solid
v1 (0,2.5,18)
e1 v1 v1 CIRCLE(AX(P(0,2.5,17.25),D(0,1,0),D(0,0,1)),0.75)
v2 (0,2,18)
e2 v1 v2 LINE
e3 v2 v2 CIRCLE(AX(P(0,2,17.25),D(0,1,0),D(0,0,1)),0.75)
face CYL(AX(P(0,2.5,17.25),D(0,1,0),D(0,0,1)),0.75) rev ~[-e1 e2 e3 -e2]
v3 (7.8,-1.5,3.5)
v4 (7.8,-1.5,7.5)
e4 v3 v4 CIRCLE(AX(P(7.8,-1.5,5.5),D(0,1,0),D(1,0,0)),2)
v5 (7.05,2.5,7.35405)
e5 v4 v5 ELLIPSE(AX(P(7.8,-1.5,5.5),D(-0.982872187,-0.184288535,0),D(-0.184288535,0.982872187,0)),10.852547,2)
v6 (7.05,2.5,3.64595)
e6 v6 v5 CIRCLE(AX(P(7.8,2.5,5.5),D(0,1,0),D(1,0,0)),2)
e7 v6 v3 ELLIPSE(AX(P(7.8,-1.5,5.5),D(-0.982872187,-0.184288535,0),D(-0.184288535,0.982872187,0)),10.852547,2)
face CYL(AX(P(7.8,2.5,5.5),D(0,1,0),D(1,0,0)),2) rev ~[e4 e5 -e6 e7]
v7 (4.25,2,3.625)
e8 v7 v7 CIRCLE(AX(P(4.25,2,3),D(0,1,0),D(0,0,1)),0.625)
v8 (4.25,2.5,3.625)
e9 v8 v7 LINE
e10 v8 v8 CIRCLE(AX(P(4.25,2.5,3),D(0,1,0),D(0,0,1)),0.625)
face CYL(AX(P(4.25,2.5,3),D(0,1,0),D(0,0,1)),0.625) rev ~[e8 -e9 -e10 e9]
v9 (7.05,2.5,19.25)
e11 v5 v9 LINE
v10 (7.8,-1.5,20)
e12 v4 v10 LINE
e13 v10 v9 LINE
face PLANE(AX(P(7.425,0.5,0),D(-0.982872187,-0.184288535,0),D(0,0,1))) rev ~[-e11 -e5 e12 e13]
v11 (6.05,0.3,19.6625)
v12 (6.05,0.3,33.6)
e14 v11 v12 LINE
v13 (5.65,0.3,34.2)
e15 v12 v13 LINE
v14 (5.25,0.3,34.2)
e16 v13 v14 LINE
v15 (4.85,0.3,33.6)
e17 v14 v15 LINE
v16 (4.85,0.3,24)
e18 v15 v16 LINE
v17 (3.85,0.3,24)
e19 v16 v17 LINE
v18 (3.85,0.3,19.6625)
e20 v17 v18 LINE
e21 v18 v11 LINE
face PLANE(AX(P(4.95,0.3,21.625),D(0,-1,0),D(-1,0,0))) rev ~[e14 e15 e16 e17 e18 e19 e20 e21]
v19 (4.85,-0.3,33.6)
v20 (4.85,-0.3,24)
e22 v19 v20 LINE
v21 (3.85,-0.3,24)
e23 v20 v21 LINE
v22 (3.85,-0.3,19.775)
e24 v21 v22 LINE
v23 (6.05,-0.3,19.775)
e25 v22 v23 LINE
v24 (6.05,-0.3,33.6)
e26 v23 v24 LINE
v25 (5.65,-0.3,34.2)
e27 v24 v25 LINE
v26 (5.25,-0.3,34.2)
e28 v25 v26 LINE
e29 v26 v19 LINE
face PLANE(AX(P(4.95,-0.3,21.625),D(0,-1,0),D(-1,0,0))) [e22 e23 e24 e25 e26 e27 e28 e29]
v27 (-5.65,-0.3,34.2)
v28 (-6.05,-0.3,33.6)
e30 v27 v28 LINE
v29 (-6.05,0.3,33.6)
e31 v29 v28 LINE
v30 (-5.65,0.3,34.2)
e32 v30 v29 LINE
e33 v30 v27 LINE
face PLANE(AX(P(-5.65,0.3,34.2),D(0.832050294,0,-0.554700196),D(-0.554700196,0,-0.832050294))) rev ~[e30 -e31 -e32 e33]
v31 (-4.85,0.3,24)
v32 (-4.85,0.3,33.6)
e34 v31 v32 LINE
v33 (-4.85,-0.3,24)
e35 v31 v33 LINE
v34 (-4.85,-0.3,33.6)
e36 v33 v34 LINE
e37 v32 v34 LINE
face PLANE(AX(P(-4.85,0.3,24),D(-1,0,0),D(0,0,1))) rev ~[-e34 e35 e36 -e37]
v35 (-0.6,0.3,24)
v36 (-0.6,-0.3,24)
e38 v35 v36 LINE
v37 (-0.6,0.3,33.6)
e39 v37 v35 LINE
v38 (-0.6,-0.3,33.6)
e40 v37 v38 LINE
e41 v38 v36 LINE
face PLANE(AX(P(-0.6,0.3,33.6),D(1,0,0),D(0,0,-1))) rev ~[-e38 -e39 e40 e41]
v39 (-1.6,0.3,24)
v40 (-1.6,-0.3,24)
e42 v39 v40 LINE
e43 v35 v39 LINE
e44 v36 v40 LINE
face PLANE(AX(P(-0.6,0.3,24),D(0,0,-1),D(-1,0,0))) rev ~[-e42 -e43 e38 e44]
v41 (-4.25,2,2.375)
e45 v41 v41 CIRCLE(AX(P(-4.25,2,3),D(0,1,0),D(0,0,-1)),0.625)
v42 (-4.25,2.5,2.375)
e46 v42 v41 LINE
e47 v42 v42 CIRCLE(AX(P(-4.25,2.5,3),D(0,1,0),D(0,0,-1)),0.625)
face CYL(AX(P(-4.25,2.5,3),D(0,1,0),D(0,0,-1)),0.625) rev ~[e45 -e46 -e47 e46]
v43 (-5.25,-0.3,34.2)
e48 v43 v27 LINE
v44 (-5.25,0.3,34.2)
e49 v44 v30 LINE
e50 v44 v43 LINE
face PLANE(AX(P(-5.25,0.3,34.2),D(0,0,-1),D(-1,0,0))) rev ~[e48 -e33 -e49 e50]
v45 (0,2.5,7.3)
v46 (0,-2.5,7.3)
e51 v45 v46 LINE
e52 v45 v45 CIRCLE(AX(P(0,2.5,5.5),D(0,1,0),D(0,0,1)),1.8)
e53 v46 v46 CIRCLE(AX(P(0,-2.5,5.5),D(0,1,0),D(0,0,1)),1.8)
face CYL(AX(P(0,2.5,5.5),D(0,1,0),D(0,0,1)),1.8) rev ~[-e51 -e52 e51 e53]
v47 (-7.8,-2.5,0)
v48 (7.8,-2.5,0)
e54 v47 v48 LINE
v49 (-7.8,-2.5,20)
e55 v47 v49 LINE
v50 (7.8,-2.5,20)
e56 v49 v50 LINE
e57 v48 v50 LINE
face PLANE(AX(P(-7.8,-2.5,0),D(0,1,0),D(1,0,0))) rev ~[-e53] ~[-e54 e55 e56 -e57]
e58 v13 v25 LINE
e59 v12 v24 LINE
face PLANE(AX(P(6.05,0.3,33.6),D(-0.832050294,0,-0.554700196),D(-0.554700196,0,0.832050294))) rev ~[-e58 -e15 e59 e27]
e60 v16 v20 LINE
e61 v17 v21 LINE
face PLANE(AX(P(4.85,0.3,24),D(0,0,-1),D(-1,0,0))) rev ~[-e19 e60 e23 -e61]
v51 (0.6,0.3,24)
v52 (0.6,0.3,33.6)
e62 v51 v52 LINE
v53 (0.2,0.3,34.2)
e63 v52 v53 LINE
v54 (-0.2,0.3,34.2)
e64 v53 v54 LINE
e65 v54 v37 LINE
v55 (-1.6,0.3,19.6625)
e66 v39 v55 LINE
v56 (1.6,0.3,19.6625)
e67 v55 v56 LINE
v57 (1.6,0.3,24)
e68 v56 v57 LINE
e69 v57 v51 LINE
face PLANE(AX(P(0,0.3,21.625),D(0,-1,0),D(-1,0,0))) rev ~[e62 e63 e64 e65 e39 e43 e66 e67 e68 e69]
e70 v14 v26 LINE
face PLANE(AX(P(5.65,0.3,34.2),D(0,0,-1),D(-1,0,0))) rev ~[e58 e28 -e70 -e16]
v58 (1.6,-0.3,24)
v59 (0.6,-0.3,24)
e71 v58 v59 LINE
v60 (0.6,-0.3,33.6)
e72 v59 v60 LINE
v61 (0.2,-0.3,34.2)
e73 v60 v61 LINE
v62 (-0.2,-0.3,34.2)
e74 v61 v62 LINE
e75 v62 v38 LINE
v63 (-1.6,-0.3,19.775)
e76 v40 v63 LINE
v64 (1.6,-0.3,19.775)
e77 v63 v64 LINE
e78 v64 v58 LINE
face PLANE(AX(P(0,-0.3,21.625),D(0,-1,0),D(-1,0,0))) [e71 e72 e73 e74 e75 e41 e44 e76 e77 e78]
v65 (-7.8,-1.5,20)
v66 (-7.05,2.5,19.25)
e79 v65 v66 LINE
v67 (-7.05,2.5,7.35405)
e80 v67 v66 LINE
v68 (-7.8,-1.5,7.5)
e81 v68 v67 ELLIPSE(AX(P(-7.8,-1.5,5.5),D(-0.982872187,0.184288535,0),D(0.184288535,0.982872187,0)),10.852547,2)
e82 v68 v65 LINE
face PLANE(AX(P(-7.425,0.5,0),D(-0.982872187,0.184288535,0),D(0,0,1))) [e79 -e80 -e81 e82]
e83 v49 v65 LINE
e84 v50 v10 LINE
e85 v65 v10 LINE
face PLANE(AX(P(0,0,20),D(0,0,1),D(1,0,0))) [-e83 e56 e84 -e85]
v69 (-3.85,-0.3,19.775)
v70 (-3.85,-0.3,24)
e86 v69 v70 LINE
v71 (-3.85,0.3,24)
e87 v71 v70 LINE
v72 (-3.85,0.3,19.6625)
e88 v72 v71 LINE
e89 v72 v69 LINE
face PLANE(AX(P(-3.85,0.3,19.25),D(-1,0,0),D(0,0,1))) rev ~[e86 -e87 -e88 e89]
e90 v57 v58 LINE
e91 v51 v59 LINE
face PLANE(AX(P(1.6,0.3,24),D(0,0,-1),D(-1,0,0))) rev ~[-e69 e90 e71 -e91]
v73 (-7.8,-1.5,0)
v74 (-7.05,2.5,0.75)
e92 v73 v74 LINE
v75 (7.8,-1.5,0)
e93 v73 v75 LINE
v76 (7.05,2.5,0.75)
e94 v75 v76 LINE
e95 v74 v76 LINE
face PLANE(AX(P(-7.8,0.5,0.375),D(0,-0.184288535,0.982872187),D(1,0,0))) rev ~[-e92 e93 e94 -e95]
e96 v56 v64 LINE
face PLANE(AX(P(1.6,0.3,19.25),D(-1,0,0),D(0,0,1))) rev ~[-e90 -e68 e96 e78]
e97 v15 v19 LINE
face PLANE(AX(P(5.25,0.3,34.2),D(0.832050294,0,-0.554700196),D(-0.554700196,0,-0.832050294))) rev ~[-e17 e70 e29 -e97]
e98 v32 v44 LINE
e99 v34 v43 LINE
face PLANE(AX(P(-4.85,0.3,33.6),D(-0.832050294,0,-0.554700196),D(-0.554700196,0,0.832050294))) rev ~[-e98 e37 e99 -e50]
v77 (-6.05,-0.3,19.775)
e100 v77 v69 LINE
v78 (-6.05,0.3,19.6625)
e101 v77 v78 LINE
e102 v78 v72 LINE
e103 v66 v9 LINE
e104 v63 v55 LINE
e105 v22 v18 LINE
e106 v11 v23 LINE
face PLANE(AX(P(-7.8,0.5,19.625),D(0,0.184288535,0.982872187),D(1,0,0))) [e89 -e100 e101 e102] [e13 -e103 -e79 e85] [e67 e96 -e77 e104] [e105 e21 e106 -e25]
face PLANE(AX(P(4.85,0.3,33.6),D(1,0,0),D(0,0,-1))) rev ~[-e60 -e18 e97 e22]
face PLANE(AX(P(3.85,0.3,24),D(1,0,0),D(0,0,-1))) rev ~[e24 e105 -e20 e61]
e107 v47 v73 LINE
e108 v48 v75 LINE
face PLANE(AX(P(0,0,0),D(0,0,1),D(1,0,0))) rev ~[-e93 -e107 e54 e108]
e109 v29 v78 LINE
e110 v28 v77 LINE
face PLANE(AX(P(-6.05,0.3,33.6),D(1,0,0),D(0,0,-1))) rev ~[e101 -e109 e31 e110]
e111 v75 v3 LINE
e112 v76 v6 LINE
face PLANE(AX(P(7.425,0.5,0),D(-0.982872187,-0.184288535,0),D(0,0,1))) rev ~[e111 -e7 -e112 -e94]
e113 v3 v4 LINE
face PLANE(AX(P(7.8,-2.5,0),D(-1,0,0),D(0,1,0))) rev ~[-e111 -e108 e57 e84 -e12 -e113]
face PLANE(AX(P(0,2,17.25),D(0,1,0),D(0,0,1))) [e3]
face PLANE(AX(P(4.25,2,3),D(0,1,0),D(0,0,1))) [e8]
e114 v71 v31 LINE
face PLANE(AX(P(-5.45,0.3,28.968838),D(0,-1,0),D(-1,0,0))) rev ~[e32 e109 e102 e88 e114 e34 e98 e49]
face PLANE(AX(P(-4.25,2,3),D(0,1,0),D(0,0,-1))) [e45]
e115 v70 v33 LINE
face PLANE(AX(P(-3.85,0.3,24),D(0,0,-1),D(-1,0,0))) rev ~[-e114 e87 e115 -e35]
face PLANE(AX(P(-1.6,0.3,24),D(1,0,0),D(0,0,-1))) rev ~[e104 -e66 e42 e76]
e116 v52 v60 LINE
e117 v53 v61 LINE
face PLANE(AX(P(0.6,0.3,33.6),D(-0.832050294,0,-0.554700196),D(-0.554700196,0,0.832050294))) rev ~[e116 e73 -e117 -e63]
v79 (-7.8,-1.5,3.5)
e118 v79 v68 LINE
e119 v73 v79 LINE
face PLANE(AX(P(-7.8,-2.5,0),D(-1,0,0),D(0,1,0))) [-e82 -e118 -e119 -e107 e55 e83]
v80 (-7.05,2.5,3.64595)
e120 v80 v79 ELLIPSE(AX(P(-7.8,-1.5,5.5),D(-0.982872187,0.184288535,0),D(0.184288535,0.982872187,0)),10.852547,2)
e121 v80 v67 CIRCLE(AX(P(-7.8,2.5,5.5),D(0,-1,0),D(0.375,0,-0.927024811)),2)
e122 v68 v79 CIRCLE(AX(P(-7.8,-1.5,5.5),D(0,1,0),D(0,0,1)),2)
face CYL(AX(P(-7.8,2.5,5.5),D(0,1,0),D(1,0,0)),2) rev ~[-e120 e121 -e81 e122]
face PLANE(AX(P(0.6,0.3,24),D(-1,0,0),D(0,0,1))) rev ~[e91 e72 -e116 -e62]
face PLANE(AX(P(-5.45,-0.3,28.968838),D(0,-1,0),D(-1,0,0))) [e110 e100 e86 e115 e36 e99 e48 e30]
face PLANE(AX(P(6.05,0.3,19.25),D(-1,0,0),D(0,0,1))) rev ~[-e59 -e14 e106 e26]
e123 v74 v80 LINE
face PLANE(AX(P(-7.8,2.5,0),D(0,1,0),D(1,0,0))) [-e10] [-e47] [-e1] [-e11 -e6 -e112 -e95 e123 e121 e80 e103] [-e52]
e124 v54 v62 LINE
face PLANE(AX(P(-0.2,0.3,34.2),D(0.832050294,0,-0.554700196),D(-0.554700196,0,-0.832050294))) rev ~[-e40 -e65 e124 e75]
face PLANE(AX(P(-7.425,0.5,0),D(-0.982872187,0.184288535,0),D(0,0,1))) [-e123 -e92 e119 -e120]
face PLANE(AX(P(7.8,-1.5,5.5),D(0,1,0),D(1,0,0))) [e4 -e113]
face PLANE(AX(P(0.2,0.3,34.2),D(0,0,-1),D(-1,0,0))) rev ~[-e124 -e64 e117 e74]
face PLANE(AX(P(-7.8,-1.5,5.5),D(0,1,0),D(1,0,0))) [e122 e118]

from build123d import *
from OCP.BRepFilletAPI import BRepFilletAPI_MakeChamfer

# Parameters (mm, degrees)
SKETCH1_W                = 15.6
SKETCH1_H                = 5
BOSS_EXTRUDE1_DEPTH      = 20
CHAMFER1_SIZE            = 4
CHAMFER1_SIZE2           = 0.75
SKETCH2_R                = 1.8
CUT_EXTRUDE1_DEPTH       = 23.041778513
SKETCH3_R                = 2
CUT_EXTRUDE2_DEPTH       = 4
SKETCH4_R                = 0.625
CUT_EXTRUDE3_DEPTH       = 0.5
SKETCH5_R                = 0.75
CUT_EXTRUDE4_DEPTH       = 0.5
BOSS_EXTRUDE2_DEPTH      = 0.3
BOSS_EXTRUDE2_DEPTH_BACK = 0.3


with BuildPart() as part:
    # Sketch1 → Boss-Extrude1 (new body)
    with BuildSketch(Plane.XY):
        Rectangle(SKETCH1_W, SKETCH1_H)
    extrude(amount=BOSS_EXTRUDE1_DEPTH)

    # Chamfer1: one chamfer whose edges measure the first distance from different faces: ONE call of the kernel's chamfer builder (chamfer() names one face for all edges)
    chamfer1_edges_1 = [part.edges().sort_by_distance(p)[0] for p in [
        (0, 2.5, 20),
    ]]
    chamfer1_side_1 = [part.faces().sort_by_distance(p)[0] for p in [
        (0, 0, 20),
    ]]
    chamfer1_edges_2 = [part.edges().sort_by_distance(p)[0] for p in [
        (0, 2.5, 0),
    ]]
    chamfer1_side_2 = [part.faces().sort_by_distance(p)[0] for p in [
        (0, 0, 0),
    ]]
    chamfer1_edges_3 = [part.edges().sort_by_distance(p)[0] for p in [
        (-7.8, 2.5, 10),
    ]]
    chamfer1_side_3 = [part.faces().sort_by_distance(p)[0] for p in [
        (-7.8, 0, 10),
    ]]
    chamfer1_edges_4 = [part.edges().sort_by_distance(p)[0] for p in [
        (7.8, 2.5, 10),
    ]]
    chamfer1_side_4 = [part.faces().sort_by_distance(p)[0] for p in [
        (7.8, 0, 10),
    ]]
    chamfer1 = BRepFilletAPI_MakeChamfer(part.part.solid().wrapped)
    for e in chamfer1_edges_1:
        chamfer1.Add(CHAMFER1_SIZE, CHAMFER1_SIZE2, e.wrapped, chamfer1_side_1[0].wrapped)  # the first distance lies on this face
    for e in chamfer1_edges_2:
        chamfer1.Add(CHAMFER1_SIZE, CHAMFER1_SIZE2, e.wrapped, chamfer1_side_2[0].wrapped)  # the first distance lies on this face
    for e in chamfer1_edges_3:
        chamfer1.Add(CHAMFER1_SIZE, CHAMFER1_SIZE2, e.wrapped, chamfer1_side_3[0].wrapped)  # the first distance lies on this face
    for e in chamfer1_edges_4:
        chamfer1.Add(CHAMFER1_SIZE, CHAMFER1_SIZE2, e.wrapped, chamfer1_side_4[0].wrapped)  # the first distance lies on this face
    add(Compound.cast(chamfer1.Shape()), mode=Mode.REPLACE)

    # Sketch2 → Cut-Extrude1 (cut, through all)
    with BuildSketch(Plane(origin=(0, 2.5, 0), x_dir=(1, 0, 0), z_dir=(0, 1, 0))):
        with Locations(Location((0, -5.5, 0), (0, 0, 270))):
            Circle(SKETCH2_R)
    extrude(amount=-CUT_EXTRUDE1_DEPTH, mode=Mode.SUBTRACT)

    # Sketch3 → Cut-Extrude2 (cut)
    with BuildSketch(Plane(origin=(0, 2.5, 0), x_dir=(1, 0, 0), z_dir=(0, 1, 0))):
        with Locations((-7.8, -5.5)):
            Circle(SKETCH3_R)
        with Locations((7.8, -5.5)):
            Circle(SKETCH3_R)
    extrude(amount=-CUT_EXTRUDE2_DEPTH, mode=Mode.SUBTRACT)

    # Sketch4 → Cut-Extrude3 (cut)
    with BuildSketch(Plane(origin=(0, 2.5, 0), x_dir=(1, 0, 0), z_dir=(0, 1, 0))):
        with Locations(Location((4.25, -3, 0), (0, 0, 270))):
            Circle(SKETCH4_R)
        with Locations(Location((-4.25, -3, 0), (0, 0, 90))):
            Circle(SKETCH4_R)
    extrude(amount=-CUT_EXTRUDE3_DEPTH, mode=Mode.SUBTRACT)

    # Sketch5 → Cut-Extrude4 (cut)
    with BuildSketch(Plane(origin=(0, 2.5, 0), x_dir=(1, 0, 0), z_dir=(0, 1, 0))):
        with Locations(Location((0, -17.25, 0), (0, 0, 270))):
            Circle(SKETCH5_R)
    extrude(amount=-CUT_EXTRUDE4_DEPTH, mode=Mode.SUBTRACT)

    # Sketch6 → Boss-Extrude2 (add, two sides: drawn at the far end of the back side and taken through both)
    with BuildSketch(Plane(origin=(0, 0, 0), x_dir=(-1, 0, 0), z_dir=(0, -1, 0)).offset(-BOSS_EXTRUDE2_DEPTH_BACK)):
        Polygon((6.05, -24), (4.85, -24), (4.85, -33.6), (5.25, -34.2), (5.65, -34.2), (6.05, -33.6), align=None)
        Polygon((6.05, -19.25), (3.85, -19.25), (3.85, -20), (3.85, -24), (4.85, -24), (6.05, -24), (6.05, -20), align=None)
        Polygon((-1.6, -19.25), (-1.6, -24), (-0.6, -24), (0, -24), (0.6, -24), (1.6, -24), (1.6, -19.25), align=None)
        Polygon((-6.05, -20), (-6.05, -24), (-4.85, -24), (-3.85, -24), (-3.85, -20), (-3.85, -19.25), (-6.05, -19.25), align=None)
        Polygon((0.6, -24), (0, -24), (0, -34.2), (0.2, -34.2), (0.6, -33.6), align=None)
        Polygon((0, -24), (-0.6, -24), (-0.6, -33.6), (-0.2, -34.2), (0, -34.2), align=None)
        Polygon((-4.85, -24), (-6.05, -24), (-6.05, -33.6), (-5.65, -34.2), (-5.25, -34.2), (-4.85, -33.6), align=None)
    extrude(amount=BOSS_EXTRUDE2_DEPTH + BOSS_EXTRUDE2_DEPTH_BACK)


solid = part.part
